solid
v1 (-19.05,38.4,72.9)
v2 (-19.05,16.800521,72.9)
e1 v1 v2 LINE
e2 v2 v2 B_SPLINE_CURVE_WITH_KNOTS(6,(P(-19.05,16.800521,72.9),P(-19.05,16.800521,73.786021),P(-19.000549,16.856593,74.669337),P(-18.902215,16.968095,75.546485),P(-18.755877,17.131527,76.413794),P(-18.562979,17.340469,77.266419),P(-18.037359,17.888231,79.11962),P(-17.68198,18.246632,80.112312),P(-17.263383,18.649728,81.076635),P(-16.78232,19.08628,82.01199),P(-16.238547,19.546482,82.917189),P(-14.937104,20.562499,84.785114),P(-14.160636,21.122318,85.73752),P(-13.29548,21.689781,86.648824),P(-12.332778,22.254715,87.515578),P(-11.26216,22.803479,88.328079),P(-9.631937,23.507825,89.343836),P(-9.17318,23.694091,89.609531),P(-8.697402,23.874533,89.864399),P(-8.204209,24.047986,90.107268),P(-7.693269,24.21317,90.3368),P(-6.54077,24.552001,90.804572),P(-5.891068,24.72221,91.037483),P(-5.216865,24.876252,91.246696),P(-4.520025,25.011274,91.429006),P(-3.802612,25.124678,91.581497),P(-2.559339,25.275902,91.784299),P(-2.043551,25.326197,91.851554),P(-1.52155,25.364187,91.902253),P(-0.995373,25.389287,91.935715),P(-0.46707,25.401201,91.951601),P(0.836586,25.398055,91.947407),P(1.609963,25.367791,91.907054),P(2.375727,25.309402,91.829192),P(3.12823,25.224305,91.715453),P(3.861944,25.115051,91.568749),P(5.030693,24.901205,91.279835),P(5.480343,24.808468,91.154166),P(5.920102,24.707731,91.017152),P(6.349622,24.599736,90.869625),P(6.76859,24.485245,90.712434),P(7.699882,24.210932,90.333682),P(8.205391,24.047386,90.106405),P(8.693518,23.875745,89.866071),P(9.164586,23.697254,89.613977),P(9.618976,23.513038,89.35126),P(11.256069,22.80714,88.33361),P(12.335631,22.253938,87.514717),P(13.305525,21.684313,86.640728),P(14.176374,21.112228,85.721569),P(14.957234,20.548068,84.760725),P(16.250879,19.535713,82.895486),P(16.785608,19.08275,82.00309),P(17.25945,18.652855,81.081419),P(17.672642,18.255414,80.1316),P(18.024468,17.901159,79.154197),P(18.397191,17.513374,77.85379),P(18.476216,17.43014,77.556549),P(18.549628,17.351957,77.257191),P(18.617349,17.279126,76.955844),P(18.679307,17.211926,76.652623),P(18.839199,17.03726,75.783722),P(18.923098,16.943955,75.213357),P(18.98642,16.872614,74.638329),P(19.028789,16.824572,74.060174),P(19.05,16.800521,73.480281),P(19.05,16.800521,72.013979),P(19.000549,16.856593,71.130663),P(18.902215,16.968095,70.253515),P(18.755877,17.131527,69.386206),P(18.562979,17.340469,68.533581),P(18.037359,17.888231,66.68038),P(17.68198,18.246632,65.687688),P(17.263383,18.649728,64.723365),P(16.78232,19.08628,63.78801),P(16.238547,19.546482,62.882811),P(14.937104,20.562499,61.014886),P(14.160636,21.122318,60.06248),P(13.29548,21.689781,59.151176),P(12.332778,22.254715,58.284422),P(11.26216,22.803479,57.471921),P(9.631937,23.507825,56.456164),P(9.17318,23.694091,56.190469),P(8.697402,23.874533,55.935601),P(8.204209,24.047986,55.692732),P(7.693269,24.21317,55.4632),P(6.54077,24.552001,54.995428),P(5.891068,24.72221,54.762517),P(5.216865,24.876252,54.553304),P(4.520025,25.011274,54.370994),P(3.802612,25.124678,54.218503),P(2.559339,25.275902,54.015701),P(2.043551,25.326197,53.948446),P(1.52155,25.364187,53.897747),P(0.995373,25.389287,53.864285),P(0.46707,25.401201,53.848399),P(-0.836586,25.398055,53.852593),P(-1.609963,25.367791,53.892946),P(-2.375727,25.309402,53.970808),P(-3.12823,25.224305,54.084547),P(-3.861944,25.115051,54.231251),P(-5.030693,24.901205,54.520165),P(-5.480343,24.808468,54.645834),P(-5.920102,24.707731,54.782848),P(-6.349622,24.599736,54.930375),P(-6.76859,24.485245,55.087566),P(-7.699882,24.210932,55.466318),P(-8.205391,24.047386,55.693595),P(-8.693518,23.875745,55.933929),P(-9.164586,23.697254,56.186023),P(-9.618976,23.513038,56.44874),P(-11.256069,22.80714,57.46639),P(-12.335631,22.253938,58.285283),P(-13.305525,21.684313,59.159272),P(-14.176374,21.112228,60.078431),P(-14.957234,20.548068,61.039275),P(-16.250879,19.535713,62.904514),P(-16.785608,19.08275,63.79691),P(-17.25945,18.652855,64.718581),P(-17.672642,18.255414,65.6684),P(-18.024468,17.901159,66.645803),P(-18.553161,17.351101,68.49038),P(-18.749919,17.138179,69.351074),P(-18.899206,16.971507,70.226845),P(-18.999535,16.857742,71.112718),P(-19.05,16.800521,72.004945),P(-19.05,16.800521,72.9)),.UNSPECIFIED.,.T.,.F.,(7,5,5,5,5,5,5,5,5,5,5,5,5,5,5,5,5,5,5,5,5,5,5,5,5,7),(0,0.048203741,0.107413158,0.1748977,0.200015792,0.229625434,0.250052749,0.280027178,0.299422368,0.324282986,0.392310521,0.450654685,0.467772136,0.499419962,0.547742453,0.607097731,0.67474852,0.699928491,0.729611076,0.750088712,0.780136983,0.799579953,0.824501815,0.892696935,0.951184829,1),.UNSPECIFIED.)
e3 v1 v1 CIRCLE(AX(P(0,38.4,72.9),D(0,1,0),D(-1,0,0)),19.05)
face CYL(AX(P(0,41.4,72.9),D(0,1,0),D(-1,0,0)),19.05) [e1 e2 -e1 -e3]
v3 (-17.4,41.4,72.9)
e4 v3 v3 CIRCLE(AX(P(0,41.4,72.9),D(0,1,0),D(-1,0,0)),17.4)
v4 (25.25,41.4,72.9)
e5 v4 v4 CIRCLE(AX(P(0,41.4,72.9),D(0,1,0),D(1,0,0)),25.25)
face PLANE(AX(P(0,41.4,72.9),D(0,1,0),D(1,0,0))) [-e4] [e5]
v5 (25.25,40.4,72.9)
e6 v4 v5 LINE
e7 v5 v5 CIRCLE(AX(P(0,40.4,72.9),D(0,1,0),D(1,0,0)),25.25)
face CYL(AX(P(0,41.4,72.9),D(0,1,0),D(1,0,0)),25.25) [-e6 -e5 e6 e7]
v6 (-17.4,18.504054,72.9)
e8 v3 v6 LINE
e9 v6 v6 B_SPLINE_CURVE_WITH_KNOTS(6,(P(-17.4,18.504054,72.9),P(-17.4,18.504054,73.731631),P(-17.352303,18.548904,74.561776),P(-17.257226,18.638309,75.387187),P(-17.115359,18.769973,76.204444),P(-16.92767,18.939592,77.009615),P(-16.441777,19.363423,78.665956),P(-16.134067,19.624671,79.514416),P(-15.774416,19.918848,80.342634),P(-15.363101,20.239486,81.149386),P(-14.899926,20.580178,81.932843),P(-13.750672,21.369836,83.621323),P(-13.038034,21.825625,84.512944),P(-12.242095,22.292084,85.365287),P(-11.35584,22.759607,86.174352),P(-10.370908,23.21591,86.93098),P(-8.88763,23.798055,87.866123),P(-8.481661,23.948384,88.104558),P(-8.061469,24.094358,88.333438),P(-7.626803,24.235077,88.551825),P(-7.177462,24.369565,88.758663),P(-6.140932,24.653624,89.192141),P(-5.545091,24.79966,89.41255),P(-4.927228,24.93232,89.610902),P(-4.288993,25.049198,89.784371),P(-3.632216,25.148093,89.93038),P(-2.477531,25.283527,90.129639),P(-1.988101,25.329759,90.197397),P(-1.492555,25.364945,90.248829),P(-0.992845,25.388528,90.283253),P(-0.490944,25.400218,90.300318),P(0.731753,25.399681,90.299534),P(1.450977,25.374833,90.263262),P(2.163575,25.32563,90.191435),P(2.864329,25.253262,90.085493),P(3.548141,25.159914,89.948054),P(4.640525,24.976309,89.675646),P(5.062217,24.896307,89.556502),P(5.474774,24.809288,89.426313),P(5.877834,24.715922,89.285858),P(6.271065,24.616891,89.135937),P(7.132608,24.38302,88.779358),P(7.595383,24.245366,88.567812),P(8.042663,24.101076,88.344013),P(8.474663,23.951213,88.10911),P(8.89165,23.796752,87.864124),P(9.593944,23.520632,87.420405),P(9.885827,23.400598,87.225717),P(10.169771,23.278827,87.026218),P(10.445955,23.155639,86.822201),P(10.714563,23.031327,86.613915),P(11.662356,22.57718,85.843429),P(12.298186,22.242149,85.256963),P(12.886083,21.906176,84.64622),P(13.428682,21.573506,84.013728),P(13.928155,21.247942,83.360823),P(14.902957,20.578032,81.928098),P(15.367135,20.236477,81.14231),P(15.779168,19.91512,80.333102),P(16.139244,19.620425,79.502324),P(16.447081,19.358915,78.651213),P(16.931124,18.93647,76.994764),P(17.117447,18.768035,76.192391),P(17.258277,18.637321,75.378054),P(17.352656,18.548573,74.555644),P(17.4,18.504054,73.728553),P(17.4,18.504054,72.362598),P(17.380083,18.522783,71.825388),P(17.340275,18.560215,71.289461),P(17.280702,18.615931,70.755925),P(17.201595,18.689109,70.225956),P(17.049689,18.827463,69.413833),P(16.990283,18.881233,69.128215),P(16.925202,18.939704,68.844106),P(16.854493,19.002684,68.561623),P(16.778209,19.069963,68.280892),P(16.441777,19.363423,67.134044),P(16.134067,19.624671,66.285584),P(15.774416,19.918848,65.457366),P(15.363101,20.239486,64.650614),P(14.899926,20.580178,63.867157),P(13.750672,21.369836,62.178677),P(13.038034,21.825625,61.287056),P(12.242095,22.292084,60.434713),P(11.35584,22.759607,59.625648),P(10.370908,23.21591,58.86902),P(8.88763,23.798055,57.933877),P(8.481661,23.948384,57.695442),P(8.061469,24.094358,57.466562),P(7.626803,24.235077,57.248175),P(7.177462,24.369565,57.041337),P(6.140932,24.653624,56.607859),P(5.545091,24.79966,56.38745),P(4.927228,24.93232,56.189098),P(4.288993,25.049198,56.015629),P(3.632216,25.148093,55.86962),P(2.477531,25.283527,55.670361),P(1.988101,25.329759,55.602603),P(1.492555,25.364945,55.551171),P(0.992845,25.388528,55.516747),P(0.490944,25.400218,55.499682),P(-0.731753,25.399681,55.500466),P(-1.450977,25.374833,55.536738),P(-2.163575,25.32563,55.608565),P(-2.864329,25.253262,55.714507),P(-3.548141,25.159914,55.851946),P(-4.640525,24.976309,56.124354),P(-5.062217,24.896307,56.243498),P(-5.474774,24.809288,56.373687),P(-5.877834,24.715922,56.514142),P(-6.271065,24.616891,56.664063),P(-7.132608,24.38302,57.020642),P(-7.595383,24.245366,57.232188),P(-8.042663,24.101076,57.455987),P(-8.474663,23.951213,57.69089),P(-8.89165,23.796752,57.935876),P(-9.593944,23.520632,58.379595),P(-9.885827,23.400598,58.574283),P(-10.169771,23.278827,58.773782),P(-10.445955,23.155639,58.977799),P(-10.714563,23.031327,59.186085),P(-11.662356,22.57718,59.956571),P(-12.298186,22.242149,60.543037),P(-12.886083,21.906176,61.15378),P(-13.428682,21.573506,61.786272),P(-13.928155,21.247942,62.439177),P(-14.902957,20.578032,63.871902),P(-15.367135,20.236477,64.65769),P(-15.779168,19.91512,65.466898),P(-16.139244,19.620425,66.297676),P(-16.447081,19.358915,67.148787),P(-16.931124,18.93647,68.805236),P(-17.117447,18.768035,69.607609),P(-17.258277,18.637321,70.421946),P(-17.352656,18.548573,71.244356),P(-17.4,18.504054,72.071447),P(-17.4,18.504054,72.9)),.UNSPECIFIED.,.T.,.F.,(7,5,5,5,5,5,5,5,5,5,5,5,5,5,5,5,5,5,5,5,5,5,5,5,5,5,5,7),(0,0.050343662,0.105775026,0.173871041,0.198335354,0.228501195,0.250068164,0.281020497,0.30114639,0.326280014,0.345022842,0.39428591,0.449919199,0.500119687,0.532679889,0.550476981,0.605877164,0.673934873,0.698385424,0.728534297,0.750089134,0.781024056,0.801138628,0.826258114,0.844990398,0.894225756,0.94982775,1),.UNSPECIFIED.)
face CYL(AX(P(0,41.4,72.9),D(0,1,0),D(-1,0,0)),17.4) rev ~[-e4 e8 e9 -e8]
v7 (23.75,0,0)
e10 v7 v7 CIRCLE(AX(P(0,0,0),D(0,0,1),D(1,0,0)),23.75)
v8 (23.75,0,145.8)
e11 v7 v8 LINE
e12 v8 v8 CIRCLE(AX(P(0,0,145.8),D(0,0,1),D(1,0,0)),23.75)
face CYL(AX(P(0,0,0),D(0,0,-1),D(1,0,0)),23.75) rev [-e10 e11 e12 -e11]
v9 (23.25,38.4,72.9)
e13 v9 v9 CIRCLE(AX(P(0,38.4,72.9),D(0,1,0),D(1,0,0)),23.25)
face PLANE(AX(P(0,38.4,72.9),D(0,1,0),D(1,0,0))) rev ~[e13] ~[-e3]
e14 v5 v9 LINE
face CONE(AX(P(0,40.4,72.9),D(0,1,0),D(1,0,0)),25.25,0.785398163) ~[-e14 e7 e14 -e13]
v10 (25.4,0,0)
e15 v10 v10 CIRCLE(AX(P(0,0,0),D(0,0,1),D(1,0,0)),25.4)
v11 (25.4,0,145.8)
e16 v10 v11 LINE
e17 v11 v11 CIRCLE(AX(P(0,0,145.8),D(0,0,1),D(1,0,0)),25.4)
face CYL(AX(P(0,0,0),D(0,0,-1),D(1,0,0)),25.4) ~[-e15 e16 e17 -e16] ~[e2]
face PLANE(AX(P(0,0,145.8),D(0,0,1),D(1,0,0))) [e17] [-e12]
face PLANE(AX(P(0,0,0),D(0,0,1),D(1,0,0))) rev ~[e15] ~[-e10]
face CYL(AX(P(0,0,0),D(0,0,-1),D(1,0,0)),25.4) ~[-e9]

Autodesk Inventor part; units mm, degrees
ref_plane "YZ Plane" through (0, 0, 0) normal (1, 0, 0) x (0, 1, 0)
ref_plane "XZ Plane" through (0, 0, 0) normal (0, 1, 0) x (-1, 0, 0)
sketch "Sketch1" plane through (0, 0, 0) normal (0, 0, 1) x (1, 0, 0)
  circle A0 centre (0, 0) radius 25.4
  circle A1 centre (0, 0) radius 23.75
  dimension "d0" = 50.8
  dimension "d1" = 1.65
extrude "Extrusion1" add sketch "Sketch1" along normal blind 145.8
ref_plane "Work Plane1" through (0, 41.4, 0) normal (0, 1, 0) x (-1, 0, 0)
sketch "Sketch2" plane through (0, 41.4, 0) normal (0, 1, 0) x (-1, 0, 0)
  line L0 (-25.4, 145.8) -> (25.4, 145.8) projected
  line L1 (-25.4, 145.8) -> (25.4, 145.8) projected
  line L2 (-25.4, 0) -> (25.4, 0) projected
  line L3 (25.4, 0) -> (25.4, 145.8) projected
  line L4 (-25.4, 0) -> (-25.4, 145.8) projected
  line L5 (0, 145.8) -> (0, 0) construction
  circle A0 centre (0, 72.9) radius 19.05
  circle A1 centre (0, 72.9) radius 17.4
  dimension "d5" = 38.1
  dimension "d7" = 1.65
extrude "Extrusion2" add sketch "Sketch2" against normal up to next contours A0
sketch "Sketch3" plane through (0, 41.4, 72.9) normal (0, 1, 0) x (1, 0, 0)
  circle A0 centre (0, 0) radius 19.05 projected
  circle A1 centre (0, 0) radius 25.25
  dimension "d10" = 50.5
extrude "Extrusion3" add sketch "Sketch3" against normal blind 3
chamfer "Chamfer1" distance 2 angle 45 1 edges at (-25.25, 38.4, 72.9)
properties part number "ASME BPE Red Inst Tee-50.8-38.1"
